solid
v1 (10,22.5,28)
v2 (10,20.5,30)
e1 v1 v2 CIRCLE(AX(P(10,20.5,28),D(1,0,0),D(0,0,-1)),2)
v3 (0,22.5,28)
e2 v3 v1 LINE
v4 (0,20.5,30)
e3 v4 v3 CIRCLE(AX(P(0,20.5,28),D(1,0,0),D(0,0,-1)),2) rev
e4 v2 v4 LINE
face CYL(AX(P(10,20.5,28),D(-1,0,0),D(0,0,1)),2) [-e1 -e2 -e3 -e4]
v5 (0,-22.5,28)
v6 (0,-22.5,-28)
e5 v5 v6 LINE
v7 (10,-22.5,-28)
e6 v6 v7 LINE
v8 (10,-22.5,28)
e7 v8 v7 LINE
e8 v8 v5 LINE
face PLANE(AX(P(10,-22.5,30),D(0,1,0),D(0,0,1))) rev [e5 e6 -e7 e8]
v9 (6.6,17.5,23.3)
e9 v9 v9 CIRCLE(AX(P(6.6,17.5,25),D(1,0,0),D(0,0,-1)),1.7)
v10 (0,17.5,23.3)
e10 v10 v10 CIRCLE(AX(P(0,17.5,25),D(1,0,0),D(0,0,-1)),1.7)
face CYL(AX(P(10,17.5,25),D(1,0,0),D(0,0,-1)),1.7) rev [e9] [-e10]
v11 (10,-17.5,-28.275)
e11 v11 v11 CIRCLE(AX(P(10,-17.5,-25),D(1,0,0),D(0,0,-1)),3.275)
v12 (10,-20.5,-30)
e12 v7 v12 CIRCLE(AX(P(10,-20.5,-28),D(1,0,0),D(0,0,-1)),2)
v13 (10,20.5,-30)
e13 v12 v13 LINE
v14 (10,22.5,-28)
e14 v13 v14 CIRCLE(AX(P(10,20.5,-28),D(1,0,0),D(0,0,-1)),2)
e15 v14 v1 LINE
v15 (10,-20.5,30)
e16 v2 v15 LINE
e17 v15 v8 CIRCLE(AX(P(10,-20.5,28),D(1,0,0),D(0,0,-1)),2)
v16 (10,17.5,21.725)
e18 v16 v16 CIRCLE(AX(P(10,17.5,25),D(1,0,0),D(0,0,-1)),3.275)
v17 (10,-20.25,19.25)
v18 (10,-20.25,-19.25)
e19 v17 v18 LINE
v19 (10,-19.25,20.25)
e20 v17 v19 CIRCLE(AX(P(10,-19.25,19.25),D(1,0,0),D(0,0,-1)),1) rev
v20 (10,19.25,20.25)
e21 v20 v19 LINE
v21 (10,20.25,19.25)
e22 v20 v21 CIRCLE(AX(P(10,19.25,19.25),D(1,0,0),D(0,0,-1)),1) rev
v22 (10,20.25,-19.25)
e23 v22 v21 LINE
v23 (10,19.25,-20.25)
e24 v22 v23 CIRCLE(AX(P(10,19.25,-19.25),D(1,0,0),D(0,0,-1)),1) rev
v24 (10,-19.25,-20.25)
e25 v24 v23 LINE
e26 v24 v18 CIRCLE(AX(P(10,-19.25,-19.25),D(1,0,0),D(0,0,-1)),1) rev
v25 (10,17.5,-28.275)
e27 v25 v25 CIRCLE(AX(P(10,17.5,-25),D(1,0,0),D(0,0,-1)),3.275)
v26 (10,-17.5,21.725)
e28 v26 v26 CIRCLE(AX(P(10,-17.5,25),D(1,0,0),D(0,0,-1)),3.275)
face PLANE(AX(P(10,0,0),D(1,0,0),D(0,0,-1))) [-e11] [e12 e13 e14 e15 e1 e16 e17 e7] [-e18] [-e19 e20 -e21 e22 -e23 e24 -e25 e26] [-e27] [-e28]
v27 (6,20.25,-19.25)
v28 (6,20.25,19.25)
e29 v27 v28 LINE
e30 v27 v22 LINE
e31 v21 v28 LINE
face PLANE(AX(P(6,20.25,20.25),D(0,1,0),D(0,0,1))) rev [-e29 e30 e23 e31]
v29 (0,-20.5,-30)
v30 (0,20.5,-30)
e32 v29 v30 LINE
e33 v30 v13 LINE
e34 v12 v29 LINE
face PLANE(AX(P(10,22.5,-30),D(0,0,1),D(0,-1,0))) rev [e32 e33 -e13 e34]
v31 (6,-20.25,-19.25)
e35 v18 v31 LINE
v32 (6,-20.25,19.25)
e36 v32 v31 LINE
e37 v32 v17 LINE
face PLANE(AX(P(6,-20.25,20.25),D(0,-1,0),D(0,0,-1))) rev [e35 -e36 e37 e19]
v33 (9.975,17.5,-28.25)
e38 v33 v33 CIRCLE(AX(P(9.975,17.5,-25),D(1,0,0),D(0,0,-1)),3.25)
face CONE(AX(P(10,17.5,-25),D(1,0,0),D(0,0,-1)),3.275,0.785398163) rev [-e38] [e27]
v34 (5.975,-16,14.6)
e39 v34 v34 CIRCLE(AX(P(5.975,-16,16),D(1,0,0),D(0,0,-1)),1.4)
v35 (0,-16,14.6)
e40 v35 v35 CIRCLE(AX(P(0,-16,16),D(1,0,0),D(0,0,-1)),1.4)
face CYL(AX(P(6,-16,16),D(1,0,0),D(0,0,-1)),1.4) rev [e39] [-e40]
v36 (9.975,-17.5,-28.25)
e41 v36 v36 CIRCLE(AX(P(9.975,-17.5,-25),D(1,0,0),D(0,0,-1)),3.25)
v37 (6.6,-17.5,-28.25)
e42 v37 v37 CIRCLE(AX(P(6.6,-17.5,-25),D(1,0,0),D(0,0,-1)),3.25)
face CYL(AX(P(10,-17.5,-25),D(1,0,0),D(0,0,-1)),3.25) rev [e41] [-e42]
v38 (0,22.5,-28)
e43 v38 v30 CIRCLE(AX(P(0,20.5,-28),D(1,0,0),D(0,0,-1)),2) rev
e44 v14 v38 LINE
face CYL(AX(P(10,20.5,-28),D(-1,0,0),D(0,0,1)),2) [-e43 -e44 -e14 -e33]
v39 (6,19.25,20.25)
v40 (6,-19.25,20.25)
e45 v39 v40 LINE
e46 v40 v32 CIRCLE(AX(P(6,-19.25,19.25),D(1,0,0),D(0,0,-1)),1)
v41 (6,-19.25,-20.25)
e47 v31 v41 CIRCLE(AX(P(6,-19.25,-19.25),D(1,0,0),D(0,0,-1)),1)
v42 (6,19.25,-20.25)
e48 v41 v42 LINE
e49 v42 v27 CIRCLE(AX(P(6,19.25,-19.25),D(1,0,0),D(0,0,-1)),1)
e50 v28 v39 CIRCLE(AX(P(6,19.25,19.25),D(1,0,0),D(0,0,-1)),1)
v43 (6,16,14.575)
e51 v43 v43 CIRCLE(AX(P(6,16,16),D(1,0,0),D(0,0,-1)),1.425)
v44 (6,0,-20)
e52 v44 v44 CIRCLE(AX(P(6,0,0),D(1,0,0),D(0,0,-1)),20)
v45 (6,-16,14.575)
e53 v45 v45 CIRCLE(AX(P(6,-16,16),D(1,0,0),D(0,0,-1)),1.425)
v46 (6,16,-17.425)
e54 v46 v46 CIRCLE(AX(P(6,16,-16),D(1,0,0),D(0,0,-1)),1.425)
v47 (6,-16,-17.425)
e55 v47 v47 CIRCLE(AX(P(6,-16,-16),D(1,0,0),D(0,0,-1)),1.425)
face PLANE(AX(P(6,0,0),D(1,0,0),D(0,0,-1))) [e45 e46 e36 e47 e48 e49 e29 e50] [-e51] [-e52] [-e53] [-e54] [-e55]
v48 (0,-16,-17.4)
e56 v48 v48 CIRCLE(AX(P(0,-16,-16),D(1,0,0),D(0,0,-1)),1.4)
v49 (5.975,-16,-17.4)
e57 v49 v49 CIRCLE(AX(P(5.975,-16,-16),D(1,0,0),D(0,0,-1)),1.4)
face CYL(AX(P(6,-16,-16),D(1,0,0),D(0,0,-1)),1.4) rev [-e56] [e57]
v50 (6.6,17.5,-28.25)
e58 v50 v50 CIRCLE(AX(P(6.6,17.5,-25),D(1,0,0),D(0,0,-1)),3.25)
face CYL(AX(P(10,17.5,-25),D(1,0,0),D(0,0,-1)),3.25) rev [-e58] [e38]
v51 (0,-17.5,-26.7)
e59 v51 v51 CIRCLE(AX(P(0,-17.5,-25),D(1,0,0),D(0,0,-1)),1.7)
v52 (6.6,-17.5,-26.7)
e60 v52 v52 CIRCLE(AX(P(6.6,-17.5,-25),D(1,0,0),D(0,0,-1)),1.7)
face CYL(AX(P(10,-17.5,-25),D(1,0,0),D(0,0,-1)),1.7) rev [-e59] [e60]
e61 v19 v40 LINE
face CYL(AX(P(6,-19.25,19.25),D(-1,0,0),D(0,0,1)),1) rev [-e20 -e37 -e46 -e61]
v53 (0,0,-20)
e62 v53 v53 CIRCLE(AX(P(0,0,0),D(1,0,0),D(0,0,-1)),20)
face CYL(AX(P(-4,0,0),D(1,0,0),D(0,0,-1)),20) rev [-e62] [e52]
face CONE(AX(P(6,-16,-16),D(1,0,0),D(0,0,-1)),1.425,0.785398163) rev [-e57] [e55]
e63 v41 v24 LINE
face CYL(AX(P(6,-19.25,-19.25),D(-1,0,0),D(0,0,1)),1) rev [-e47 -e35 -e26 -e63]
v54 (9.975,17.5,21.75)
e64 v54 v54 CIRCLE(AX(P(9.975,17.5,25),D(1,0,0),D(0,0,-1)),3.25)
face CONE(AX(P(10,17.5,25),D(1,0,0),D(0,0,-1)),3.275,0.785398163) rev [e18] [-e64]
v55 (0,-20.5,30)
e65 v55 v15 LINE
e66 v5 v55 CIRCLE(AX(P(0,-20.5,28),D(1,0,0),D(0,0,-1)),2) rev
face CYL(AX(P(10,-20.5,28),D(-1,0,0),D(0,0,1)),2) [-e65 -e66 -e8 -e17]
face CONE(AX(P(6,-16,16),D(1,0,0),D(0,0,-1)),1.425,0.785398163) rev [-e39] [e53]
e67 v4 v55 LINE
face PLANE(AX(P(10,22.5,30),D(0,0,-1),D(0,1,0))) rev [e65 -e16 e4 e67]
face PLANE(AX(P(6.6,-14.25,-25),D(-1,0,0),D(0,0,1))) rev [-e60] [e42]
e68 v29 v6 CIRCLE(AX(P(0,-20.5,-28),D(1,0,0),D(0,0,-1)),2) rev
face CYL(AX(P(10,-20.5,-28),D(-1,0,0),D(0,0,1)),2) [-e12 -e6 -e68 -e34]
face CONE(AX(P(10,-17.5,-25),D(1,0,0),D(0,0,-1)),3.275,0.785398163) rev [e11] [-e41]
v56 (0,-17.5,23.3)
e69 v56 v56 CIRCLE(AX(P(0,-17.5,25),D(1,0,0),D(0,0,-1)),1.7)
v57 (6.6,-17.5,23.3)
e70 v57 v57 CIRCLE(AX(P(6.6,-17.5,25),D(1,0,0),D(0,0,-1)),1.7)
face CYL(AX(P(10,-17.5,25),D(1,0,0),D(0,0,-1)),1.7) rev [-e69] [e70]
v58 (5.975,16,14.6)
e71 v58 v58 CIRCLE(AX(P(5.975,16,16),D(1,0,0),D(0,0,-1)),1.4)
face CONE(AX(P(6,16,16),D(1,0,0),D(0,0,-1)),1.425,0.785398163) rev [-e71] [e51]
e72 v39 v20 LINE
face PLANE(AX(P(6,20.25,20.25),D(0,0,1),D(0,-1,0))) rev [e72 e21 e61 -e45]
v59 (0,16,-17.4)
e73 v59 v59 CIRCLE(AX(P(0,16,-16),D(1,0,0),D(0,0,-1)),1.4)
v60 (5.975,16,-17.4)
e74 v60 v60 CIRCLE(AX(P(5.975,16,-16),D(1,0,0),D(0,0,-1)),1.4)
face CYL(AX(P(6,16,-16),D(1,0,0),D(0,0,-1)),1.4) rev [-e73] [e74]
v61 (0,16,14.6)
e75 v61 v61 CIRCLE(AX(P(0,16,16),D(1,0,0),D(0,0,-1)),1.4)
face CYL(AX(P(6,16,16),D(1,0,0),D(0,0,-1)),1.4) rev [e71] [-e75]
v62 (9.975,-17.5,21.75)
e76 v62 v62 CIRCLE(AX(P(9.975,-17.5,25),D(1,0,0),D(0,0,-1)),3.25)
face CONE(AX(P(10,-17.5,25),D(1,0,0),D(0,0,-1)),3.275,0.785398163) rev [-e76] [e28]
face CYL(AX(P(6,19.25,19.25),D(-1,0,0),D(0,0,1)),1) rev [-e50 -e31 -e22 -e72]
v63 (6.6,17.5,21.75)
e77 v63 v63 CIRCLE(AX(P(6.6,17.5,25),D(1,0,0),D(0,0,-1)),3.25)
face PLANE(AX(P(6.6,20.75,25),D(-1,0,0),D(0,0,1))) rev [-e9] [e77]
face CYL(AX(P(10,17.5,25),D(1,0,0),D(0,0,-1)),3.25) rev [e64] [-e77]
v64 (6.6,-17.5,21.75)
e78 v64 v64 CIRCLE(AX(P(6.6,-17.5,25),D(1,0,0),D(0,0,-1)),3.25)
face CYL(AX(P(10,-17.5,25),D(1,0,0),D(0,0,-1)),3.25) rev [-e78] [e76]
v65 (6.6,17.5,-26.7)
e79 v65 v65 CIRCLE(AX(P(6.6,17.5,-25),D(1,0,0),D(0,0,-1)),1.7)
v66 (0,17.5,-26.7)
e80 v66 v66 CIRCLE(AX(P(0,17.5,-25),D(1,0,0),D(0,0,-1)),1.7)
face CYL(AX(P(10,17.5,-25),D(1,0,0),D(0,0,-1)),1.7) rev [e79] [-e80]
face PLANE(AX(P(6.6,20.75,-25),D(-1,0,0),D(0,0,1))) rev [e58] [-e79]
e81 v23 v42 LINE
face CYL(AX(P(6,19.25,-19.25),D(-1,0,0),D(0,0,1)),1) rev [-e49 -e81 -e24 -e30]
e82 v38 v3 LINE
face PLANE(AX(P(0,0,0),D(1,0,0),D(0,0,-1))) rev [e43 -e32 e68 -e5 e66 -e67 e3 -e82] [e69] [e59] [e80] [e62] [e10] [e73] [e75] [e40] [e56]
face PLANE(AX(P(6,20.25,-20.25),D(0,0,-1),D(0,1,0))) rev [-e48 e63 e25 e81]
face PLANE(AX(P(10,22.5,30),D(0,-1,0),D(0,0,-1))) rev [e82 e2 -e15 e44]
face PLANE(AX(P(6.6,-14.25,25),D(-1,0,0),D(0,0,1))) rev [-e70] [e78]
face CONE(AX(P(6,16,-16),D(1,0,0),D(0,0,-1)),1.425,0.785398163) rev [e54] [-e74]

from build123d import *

# Parameters (mm, degrees)
SKETCH1_W                                    = 60
SKETCH1_H                                    = 45
BOSS_EXTRUDE1_DEPTH                          = 10
SKETCH2_W                                    = 40.5
SKETCH2_H                                    = 40.5
CUT_EXTRUDE1_DEPTH                           = 4
SKETCH3_R                                    = 20
CUT_EXTRUDE2_DEPTH                           = 10
FILLET1_R                                    = 1
F_2_8_2_8_DIAMETER_HOLE1_D                   = 2.8
F_2_8_2_8_DIAMETER_HOLE1_CSINK_D             = 2.85
F_2_8_2_8_DIAMETER_HOLE1_CSINK_ANGLE         = 90
CBORE_FOR_M3_HEX_SOCKET_HEAD_CAP_SCR_2_COUNT = 2
CBORE_FOR_M3_HEX_SOCKET_HEAD_CAP_SCR_2_PITCH = 30.516389039
CBORE_FOR_M3_HEX_SOCKET_HEAD_CAP_SCR_3_COUNT = 2
CBORE_FOR_M3_HEX_SOCKET_HEAD_CAP_SCR_3_PITCH = 61.032778079
CBORE_FOR_M3_HEX_SOCKET_HEAD_CAP_SCR_4_COUNT = 2
CBORE_FOR_M3_HEX_SOCKET_HEAD_CAP_SCR_4_PITCH = 50
CBORE_FOR_M3_HEX_SOCKET_HEAD_CAP_SCR_5_COUNT = 2
CBORE_FOR_M3_HEX_SOCKET_HEAD_CAP_SCR_5_PITCH = 35
FILLET3_R                                    = 2


with BuildPart() as part:
    # Sketch1 → Boss-Extrude1 (new body)
    with BuildSketch(Plane(origin=(0, 0, 0), x_dir=(0, 0, -1), z_dir=(1, 0, 0))):
        Rectangle(SKETCH1_W, SKETCH1_H)
    extrude(amount=BOSS_EXTRUDE1_DEPTH)

    # Sketch2 → Cut-Extrude1 (cut)
    with BuildSketch(Plane(origin=(10, 0, 0), x_dir=(0, 0, -1), z_dir=(1, 0, 0))):
        Rectangle(SKETCH2_W, SKETCH2_H)
    extrude(amount=-CUT_EXTRUDE1_DEPTH, mode=Mode.SUBTRACT)

    # Sketch3 → Cut-Extrude2 (cut)
    with BuildSketch(Plane(origin=(6, 0, 0), x_dir=(0, 0, -1), z_dir=(1, 0, 0))):
        Circle(SKETCH3_R)
    extrude(amount=-CUT_EXTRUDE2_DEPTH, mode=Mode.SUBTRACT)

    # Fillet1
    fillet1_edges = [part.edges().sort_by_distance(p)[0] for p in [
        (8, 20.25, -20.25),
        (8, -20.25, -20.25),
        (8, -20.25, 20.25),
        (8, 20.25, 20.25),
    ]]
    fillet(fillet1_edges, radius=FILLET1_R)

    # Ø2.8 (2.8) Diameter Hole1 (through all)
    with Locations(Plane(origin=(6, 0, 0), x_dir=(0, 0, -1), z_dir=(1, 0, 0))):
        with Locations((0, 0), (16, -16), (-16, 16), (-16, -16), (16, 16)):
            CounterSinkHole(F_2_8_2_8_DIAMETER_HOLE1_D / 2, F_2_8_2_8_DIAMETER_HOLE1_CSINK_D / 2, counter_sink_angle=F_2_8_2_8_DIAMETER_HOLE1_CSINK_ANGLE)

    # Sketch14 → CBORE for M3 Hex Socket Head Cap Screw2 (revolve, cut)
    with BuildSketch(Plane(origin=(10, -17.5, -25), x_dir=(0, 0, -1), z_dir=(0, 1, 0))):
        Polygon((0, 0), (0, 10), (1.7, 10), (1.7, 3.4), (3.25, 3.4), (3.25, 0.025), (3.275, 0), align=None)
    cbore_for_m3_hex_socket_head_cap_screw2 = revolve(axis=Axis((16.35, -17.5, -25), (-1, 0, 0)), mode=Mode.SUBTRACT)

    # CBORE for M3 Hex Socket Head Cap Scr 2: CBORE for M3 Hex Socket Head Cap Screw2 ×2
    with Locations(*[Vector(0, 0.5734623443633283, 0.8192319205190406) * (i * CBORE_FOR_M3_HEX_SOCKET_HEAD_CAP_SCR_2_PITCH) for i in range(1, CBORE_FOR_M3_HEX_SOCKET_HEAD_CAP_SCR_2_COUNT)]):
        add(cbore_for_m3_hex_socket_head_cap_screw2, mode=Mode.SUBTRACT)

    # CBORE for M3 Hex Socket Head Cap Scr 3: CBORE for M3 Hex Socket Head Cap Screw2 ×2
    with Locations(*[Vector(0, 0.5734623443633283, 0.8192319205190406) * (i * CBORE_FOR_M3_HEX_SOCKET_HEAD_CAP_SCR_3_PITCH) for i in range(1, CBORE_FOR_M3_HEX_SOCKET_HEAD_CAP_SCR_3_COUNT)]):
        add(cbore_for_m3_hex_socket_head_cap_screw2, mode=Mode.SUBTRACT)

    # CBORE for M3 Hex Socket Head Cap Scr 4: CBORE for M3 Hex Socket Head Cap Screw2 ×2
    with Locations(*[(0, 0, i * CBORE_FOR_M3_HEX_SOCKET_HEAD_CAP_SCR_4_PITCH) for i in range(1, CBORE_FOR_M3_HEX_SOCKET_HEAD_CAP_SCR_4_COUNT)]):
        add(cbore_for_m3_hex_socket_head_cap_screw2, mode=Mode.SUBTRACT)

    # CBORE for M3 Hex Socket Head Cap Scr 5: CBORE for M3 Hex Socket Head Cap Screw2 ×2
    with Locations(*[(0, i * CBORE_FOR_M3_HEX_SOCKET_HEAD_CAP_SCR_5_PITCH, 0) for i in range(1, CBORE_FOR_M3_HEX_SOCKET_HEAD_CAP_SCR_5_COUNT)]):
        add(cbore_for_m3_hex_socket_head_cap_screw2, mode=Mode.SUBTRACT)

    # Fillet3
    fillet3_edges = [part.edges().sort_by_distance(p)[0] for p in [
        (5, -22.5, -30),
        (5, -22.5, 30),
        (5, 22.5, 30),
        (5, 22.5, -30),
    ]]
    fillet(fillet3_edges, radius=FILLET3_R)


solid = part.part
